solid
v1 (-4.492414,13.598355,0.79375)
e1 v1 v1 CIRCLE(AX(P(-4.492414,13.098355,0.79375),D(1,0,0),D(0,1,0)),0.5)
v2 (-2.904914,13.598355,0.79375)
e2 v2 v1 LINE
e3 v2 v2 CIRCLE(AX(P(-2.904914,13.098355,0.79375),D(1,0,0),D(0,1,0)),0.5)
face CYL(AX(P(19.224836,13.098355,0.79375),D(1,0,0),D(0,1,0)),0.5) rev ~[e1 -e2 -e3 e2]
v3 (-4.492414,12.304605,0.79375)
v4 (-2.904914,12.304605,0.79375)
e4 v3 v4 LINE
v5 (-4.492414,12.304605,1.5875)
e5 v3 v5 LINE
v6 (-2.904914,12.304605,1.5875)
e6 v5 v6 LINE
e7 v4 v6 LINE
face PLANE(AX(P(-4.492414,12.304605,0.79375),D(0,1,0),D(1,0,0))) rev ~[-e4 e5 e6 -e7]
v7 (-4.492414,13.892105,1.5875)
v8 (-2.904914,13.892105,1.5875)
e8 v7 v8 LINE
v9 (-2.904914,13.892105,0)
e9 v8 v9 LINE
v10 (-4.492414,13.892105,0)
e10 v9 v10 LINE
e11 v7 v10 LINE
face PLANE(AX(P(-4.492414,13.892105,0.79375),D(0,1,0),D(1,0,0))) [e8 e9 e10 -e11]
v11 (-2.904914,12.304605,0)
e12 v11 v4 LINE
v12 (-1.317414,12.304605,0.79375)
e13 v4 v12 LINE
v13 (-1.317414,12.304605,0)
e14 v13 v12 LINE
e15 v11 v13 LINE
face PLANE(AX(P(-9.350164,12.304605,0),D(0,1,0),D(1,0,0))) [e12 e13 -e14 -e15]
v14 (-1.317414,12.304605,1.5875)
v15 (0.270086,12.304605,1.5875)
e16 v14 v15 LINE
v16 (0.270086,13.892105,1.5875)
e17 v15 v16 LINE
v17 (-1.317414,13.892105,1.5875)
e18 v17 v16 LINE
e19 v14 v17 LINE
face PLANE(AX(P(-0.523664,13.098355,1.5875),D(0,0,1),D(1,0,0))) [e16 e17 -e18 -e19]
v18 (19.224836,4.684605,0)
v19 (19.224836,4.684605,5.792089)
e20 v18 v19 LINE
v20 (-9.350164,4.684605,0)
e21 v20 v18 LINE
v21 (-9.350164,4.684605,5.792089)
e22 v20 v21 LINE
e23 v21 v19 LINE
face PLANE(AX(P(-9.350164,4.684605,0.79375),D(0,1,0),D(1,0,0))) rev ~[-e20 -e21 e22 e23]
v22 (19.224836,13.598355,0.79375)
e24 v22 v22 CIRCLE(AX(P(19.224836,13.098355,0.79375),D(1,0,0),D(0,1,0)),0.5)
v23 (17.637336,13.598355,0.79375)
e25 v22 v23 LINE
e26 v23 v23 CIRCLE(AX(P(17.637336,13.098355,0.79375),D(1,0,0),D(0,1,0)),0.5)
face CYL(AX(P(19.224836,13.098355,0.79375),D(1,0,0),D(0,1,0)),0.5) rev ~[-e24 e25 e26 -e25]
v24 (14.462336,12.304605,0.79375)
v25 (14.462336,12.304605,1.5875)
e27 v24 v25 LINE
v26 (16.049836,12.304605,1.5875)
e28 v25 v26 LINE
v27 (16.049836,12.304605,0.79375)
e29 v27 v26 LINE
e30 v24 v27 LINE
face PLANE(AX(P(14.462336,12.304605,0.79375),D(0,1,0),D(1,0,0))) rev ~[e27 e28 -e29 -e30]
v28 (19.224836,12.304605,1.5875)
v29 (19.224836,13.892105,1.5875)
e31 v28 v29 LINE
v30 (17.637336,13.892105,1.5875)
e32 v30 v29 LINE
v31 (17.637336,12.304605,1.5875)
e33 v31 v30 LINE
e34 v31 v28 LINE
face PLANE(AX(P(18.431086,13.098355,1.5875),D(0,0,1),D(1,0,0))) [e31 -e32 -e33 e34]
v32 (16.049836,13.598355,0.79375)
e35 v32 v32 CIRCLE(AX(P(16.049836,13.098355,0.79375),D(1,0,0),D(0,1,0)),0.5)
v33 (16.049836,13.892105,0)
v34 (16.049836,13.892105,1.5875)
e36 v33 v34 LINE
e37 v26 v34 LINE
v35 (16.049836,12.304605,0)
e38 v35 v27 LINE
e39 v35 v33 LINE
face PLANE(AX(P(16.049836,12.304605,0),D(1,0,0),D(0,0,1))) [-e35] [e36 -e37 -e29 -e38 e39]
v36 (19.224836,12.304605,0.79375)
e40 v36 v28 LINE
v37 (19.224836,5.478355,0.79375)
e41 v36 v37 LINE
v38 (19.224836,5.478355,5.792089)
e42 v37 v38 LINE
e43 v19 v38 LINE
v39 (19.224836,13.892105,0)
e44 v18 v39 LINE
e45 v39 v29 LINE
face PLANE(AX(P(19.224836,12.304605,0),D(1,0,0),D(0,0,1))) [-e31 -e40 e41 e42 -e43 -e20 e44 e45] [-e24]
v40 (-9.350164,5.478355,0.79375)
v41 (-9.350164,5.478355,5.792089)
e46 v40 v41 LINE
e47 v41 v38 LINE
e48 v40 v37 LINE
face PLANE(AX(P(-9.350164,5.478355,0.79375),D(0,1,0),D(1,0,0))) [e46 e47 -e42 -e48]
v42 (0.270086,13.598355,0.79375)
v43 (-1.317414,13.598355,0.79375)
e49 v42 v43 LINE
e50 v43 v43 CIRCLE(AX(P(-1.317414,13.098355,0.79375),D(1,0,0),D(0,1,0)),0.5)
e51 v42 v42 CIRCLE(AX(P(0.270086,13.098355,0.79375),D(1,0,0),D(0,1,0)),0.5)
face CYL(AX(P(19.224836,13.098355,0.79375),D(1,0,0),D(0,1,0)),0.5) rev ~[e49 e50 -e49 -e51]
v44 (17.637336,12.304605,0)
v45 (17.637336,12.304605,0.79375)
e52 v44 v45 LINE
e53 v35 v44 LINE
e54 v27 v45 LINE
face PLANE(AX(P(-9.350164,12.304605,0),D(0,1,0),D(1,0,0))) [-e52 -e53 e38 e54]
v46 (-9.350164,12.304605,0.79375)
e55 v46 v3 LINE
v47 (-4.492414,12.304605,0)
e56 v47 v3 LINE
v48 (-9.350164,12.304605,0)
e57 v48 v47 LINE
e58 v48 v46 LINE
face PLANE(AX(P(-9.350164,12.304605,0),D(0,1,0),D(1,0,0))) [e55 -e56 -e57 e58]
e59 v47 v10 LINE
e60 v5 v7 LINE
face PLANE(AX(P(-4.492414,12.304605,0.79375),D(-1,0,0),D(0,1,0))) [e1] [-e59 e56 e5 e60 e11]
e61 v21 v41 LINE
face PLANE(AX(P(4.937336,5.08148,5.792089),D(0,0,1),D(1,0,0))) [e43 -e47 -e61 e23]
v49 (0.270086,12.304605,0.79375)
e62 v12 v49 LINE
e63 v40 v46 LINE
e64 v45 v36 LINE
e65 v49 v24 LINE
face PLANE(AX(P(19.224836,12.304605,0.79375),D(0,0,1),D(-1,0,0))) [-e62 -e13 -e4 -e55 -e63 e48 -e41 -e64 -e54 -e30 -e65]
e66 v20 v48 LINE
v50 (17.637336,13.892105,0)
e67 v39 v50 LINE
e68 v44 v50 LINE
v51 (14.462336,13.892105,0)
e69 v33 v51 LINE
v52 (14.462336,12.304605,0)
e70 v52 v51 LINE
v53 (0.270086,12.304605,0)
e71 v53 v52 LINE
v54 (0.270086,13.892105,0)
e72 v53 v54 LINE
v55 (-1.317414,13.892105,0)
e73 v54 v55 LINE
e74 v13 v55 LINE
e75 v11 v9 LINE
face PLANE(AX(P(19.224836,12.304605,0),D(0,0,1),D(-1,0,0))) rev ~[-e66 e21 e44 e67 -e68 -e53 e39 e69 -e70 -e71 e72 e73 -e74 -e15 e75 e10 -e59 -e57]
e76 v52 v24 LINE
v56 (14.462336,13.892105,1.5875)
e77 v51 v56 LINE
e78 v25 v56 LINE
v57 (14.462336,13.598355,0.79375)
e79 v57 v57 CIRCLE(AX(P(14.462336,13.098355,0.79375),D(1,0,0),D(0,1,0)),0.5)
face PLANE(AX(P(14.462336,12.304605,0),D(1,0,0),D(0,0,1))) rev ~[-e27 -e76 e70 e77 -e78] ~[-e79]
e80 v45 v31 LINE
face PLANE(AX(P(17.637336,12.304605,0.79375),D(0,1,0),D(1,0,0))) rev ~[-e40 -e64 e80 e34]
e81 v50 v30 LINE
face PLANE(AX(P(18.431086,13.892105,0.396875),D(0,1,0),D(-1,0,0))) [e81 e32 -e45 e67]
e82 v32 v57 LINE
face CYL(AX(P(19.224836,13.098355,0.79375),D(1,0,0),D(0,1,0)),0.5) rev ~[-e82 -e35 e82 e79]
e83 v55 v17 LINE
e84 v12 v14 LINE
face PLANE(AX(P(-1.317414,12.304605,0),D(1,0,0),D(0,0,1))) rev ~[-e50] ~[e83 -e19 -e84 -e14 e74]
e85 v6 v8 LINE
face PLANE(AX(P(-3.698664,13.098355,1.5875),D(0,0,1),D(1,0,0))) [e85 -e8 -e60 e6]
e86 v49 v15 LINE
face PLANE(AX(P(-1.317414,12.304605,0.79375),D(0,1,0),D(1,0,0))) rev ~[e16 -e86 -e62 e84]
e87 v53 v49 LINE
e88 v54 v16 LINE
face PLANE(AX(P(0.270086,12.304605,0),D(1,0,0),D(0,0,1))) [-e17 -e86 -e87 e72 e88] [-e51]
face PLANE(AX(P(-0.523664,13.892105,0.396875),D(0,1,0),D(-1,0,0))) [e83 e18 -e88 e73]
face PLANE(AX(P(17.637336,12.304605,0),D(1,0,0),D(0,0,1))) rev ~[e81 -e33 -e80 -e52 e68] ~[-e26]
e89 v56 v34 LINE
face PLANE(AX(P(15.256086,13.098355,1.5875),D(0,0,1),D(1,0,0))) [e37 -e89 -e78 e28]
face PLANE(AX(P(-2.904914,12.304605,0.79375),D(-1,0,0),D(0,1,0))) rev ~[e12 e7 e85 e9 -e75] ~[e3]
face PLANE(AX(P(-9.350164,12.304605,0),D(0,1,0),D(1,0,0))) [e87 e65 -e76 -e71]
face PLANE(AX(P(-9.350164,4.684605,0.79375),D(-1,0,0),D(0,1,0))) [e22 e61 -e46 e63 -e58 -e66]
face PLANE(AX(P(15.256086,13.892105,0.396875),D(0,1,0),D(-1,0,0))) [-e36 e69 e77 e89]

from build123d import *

# Parameters (mm, degrees)
F0_W     = 28.575
F0_H     = 7.62
F1_DEPTH = 0.79375
F2_W     = 28.575
F2_H     = 0.79375
F3_DEPTH = 4.998339
F4_W     = 1.5875
F4_H     = 0.79375
F5_DEPTH = 1.5875
F6_W     = 1.5875
F6_H     = 1.5875
F7_DEPTH = 0.79375
F8_R     = 0.5
F9_DEPTH = 25.4


with BuildPart() as f1:
    # F0 (on Top) → F1 (new body)
    with BuildSketch(Plane.XY):
        with Locations((4.937336, 8.494605)):
            Rectangle(F0_W, F0_H)
    extrude(amount=F1_DEPTH)

    # F2 (on face) → F3 (join)
    with BuildSketch(Plane.XY.offset(0.79375)):
        with Locations((4.937336, 5.08148)):
            Rectangle(F2_W, F2_H)
    extrude(amount=F3_DEPTH)

    # F4 (on face) → F5 (join)
    with BuildSketch(Plane(origin=(0, 12.304605, 0), x_dir=(-1, 0, 0), z_dir=(0, 1, 0))):
        with Locations((-18.431086, 0.396875)):
            Rectangle(F4_W, F4_H)
        with Locations((-15.256086, 0.396875)):
            Rectangle(F4_W, F4_H)
        with Locations((0.523664, 0.396875)):
            Rectangle(F4_W, F4_H)
        with Locations((3.698664, 0.396875)):
            Rectangle(F4_W, F4_H)
    extrude(amount=F5_DEPTH)

    # F6 (on face) → F7 (join)
    with BuildSketch(Plane.XY.offset(0.79375)):
        with Locations((-3.698664, 13.098355)):
            Rectangle(F6_W, F6_H)
        with Locations((-0.523664, 13.098355)):
            Rectangle(F6_W, F6_H)
        with Locations((15.256086, 13.098355)):
            Rectangle(F6_W, F6_H)
        with Locations((18.431086, 13.098355)):
            Rectangle(F6_W, F6_H)
    extrude(amount=F7_DEPTH)

    # F8 (on face) → F9 (cut)
    with BuildSketch(Plane.YZ.offset(19.224836)):
        with Locations((13.098355, 0.79375)):
            Circle(F8_R)
    extrude(amount=-F9_DEPTH, mode=Mode.SUBTRACT)


solid = f1.part
